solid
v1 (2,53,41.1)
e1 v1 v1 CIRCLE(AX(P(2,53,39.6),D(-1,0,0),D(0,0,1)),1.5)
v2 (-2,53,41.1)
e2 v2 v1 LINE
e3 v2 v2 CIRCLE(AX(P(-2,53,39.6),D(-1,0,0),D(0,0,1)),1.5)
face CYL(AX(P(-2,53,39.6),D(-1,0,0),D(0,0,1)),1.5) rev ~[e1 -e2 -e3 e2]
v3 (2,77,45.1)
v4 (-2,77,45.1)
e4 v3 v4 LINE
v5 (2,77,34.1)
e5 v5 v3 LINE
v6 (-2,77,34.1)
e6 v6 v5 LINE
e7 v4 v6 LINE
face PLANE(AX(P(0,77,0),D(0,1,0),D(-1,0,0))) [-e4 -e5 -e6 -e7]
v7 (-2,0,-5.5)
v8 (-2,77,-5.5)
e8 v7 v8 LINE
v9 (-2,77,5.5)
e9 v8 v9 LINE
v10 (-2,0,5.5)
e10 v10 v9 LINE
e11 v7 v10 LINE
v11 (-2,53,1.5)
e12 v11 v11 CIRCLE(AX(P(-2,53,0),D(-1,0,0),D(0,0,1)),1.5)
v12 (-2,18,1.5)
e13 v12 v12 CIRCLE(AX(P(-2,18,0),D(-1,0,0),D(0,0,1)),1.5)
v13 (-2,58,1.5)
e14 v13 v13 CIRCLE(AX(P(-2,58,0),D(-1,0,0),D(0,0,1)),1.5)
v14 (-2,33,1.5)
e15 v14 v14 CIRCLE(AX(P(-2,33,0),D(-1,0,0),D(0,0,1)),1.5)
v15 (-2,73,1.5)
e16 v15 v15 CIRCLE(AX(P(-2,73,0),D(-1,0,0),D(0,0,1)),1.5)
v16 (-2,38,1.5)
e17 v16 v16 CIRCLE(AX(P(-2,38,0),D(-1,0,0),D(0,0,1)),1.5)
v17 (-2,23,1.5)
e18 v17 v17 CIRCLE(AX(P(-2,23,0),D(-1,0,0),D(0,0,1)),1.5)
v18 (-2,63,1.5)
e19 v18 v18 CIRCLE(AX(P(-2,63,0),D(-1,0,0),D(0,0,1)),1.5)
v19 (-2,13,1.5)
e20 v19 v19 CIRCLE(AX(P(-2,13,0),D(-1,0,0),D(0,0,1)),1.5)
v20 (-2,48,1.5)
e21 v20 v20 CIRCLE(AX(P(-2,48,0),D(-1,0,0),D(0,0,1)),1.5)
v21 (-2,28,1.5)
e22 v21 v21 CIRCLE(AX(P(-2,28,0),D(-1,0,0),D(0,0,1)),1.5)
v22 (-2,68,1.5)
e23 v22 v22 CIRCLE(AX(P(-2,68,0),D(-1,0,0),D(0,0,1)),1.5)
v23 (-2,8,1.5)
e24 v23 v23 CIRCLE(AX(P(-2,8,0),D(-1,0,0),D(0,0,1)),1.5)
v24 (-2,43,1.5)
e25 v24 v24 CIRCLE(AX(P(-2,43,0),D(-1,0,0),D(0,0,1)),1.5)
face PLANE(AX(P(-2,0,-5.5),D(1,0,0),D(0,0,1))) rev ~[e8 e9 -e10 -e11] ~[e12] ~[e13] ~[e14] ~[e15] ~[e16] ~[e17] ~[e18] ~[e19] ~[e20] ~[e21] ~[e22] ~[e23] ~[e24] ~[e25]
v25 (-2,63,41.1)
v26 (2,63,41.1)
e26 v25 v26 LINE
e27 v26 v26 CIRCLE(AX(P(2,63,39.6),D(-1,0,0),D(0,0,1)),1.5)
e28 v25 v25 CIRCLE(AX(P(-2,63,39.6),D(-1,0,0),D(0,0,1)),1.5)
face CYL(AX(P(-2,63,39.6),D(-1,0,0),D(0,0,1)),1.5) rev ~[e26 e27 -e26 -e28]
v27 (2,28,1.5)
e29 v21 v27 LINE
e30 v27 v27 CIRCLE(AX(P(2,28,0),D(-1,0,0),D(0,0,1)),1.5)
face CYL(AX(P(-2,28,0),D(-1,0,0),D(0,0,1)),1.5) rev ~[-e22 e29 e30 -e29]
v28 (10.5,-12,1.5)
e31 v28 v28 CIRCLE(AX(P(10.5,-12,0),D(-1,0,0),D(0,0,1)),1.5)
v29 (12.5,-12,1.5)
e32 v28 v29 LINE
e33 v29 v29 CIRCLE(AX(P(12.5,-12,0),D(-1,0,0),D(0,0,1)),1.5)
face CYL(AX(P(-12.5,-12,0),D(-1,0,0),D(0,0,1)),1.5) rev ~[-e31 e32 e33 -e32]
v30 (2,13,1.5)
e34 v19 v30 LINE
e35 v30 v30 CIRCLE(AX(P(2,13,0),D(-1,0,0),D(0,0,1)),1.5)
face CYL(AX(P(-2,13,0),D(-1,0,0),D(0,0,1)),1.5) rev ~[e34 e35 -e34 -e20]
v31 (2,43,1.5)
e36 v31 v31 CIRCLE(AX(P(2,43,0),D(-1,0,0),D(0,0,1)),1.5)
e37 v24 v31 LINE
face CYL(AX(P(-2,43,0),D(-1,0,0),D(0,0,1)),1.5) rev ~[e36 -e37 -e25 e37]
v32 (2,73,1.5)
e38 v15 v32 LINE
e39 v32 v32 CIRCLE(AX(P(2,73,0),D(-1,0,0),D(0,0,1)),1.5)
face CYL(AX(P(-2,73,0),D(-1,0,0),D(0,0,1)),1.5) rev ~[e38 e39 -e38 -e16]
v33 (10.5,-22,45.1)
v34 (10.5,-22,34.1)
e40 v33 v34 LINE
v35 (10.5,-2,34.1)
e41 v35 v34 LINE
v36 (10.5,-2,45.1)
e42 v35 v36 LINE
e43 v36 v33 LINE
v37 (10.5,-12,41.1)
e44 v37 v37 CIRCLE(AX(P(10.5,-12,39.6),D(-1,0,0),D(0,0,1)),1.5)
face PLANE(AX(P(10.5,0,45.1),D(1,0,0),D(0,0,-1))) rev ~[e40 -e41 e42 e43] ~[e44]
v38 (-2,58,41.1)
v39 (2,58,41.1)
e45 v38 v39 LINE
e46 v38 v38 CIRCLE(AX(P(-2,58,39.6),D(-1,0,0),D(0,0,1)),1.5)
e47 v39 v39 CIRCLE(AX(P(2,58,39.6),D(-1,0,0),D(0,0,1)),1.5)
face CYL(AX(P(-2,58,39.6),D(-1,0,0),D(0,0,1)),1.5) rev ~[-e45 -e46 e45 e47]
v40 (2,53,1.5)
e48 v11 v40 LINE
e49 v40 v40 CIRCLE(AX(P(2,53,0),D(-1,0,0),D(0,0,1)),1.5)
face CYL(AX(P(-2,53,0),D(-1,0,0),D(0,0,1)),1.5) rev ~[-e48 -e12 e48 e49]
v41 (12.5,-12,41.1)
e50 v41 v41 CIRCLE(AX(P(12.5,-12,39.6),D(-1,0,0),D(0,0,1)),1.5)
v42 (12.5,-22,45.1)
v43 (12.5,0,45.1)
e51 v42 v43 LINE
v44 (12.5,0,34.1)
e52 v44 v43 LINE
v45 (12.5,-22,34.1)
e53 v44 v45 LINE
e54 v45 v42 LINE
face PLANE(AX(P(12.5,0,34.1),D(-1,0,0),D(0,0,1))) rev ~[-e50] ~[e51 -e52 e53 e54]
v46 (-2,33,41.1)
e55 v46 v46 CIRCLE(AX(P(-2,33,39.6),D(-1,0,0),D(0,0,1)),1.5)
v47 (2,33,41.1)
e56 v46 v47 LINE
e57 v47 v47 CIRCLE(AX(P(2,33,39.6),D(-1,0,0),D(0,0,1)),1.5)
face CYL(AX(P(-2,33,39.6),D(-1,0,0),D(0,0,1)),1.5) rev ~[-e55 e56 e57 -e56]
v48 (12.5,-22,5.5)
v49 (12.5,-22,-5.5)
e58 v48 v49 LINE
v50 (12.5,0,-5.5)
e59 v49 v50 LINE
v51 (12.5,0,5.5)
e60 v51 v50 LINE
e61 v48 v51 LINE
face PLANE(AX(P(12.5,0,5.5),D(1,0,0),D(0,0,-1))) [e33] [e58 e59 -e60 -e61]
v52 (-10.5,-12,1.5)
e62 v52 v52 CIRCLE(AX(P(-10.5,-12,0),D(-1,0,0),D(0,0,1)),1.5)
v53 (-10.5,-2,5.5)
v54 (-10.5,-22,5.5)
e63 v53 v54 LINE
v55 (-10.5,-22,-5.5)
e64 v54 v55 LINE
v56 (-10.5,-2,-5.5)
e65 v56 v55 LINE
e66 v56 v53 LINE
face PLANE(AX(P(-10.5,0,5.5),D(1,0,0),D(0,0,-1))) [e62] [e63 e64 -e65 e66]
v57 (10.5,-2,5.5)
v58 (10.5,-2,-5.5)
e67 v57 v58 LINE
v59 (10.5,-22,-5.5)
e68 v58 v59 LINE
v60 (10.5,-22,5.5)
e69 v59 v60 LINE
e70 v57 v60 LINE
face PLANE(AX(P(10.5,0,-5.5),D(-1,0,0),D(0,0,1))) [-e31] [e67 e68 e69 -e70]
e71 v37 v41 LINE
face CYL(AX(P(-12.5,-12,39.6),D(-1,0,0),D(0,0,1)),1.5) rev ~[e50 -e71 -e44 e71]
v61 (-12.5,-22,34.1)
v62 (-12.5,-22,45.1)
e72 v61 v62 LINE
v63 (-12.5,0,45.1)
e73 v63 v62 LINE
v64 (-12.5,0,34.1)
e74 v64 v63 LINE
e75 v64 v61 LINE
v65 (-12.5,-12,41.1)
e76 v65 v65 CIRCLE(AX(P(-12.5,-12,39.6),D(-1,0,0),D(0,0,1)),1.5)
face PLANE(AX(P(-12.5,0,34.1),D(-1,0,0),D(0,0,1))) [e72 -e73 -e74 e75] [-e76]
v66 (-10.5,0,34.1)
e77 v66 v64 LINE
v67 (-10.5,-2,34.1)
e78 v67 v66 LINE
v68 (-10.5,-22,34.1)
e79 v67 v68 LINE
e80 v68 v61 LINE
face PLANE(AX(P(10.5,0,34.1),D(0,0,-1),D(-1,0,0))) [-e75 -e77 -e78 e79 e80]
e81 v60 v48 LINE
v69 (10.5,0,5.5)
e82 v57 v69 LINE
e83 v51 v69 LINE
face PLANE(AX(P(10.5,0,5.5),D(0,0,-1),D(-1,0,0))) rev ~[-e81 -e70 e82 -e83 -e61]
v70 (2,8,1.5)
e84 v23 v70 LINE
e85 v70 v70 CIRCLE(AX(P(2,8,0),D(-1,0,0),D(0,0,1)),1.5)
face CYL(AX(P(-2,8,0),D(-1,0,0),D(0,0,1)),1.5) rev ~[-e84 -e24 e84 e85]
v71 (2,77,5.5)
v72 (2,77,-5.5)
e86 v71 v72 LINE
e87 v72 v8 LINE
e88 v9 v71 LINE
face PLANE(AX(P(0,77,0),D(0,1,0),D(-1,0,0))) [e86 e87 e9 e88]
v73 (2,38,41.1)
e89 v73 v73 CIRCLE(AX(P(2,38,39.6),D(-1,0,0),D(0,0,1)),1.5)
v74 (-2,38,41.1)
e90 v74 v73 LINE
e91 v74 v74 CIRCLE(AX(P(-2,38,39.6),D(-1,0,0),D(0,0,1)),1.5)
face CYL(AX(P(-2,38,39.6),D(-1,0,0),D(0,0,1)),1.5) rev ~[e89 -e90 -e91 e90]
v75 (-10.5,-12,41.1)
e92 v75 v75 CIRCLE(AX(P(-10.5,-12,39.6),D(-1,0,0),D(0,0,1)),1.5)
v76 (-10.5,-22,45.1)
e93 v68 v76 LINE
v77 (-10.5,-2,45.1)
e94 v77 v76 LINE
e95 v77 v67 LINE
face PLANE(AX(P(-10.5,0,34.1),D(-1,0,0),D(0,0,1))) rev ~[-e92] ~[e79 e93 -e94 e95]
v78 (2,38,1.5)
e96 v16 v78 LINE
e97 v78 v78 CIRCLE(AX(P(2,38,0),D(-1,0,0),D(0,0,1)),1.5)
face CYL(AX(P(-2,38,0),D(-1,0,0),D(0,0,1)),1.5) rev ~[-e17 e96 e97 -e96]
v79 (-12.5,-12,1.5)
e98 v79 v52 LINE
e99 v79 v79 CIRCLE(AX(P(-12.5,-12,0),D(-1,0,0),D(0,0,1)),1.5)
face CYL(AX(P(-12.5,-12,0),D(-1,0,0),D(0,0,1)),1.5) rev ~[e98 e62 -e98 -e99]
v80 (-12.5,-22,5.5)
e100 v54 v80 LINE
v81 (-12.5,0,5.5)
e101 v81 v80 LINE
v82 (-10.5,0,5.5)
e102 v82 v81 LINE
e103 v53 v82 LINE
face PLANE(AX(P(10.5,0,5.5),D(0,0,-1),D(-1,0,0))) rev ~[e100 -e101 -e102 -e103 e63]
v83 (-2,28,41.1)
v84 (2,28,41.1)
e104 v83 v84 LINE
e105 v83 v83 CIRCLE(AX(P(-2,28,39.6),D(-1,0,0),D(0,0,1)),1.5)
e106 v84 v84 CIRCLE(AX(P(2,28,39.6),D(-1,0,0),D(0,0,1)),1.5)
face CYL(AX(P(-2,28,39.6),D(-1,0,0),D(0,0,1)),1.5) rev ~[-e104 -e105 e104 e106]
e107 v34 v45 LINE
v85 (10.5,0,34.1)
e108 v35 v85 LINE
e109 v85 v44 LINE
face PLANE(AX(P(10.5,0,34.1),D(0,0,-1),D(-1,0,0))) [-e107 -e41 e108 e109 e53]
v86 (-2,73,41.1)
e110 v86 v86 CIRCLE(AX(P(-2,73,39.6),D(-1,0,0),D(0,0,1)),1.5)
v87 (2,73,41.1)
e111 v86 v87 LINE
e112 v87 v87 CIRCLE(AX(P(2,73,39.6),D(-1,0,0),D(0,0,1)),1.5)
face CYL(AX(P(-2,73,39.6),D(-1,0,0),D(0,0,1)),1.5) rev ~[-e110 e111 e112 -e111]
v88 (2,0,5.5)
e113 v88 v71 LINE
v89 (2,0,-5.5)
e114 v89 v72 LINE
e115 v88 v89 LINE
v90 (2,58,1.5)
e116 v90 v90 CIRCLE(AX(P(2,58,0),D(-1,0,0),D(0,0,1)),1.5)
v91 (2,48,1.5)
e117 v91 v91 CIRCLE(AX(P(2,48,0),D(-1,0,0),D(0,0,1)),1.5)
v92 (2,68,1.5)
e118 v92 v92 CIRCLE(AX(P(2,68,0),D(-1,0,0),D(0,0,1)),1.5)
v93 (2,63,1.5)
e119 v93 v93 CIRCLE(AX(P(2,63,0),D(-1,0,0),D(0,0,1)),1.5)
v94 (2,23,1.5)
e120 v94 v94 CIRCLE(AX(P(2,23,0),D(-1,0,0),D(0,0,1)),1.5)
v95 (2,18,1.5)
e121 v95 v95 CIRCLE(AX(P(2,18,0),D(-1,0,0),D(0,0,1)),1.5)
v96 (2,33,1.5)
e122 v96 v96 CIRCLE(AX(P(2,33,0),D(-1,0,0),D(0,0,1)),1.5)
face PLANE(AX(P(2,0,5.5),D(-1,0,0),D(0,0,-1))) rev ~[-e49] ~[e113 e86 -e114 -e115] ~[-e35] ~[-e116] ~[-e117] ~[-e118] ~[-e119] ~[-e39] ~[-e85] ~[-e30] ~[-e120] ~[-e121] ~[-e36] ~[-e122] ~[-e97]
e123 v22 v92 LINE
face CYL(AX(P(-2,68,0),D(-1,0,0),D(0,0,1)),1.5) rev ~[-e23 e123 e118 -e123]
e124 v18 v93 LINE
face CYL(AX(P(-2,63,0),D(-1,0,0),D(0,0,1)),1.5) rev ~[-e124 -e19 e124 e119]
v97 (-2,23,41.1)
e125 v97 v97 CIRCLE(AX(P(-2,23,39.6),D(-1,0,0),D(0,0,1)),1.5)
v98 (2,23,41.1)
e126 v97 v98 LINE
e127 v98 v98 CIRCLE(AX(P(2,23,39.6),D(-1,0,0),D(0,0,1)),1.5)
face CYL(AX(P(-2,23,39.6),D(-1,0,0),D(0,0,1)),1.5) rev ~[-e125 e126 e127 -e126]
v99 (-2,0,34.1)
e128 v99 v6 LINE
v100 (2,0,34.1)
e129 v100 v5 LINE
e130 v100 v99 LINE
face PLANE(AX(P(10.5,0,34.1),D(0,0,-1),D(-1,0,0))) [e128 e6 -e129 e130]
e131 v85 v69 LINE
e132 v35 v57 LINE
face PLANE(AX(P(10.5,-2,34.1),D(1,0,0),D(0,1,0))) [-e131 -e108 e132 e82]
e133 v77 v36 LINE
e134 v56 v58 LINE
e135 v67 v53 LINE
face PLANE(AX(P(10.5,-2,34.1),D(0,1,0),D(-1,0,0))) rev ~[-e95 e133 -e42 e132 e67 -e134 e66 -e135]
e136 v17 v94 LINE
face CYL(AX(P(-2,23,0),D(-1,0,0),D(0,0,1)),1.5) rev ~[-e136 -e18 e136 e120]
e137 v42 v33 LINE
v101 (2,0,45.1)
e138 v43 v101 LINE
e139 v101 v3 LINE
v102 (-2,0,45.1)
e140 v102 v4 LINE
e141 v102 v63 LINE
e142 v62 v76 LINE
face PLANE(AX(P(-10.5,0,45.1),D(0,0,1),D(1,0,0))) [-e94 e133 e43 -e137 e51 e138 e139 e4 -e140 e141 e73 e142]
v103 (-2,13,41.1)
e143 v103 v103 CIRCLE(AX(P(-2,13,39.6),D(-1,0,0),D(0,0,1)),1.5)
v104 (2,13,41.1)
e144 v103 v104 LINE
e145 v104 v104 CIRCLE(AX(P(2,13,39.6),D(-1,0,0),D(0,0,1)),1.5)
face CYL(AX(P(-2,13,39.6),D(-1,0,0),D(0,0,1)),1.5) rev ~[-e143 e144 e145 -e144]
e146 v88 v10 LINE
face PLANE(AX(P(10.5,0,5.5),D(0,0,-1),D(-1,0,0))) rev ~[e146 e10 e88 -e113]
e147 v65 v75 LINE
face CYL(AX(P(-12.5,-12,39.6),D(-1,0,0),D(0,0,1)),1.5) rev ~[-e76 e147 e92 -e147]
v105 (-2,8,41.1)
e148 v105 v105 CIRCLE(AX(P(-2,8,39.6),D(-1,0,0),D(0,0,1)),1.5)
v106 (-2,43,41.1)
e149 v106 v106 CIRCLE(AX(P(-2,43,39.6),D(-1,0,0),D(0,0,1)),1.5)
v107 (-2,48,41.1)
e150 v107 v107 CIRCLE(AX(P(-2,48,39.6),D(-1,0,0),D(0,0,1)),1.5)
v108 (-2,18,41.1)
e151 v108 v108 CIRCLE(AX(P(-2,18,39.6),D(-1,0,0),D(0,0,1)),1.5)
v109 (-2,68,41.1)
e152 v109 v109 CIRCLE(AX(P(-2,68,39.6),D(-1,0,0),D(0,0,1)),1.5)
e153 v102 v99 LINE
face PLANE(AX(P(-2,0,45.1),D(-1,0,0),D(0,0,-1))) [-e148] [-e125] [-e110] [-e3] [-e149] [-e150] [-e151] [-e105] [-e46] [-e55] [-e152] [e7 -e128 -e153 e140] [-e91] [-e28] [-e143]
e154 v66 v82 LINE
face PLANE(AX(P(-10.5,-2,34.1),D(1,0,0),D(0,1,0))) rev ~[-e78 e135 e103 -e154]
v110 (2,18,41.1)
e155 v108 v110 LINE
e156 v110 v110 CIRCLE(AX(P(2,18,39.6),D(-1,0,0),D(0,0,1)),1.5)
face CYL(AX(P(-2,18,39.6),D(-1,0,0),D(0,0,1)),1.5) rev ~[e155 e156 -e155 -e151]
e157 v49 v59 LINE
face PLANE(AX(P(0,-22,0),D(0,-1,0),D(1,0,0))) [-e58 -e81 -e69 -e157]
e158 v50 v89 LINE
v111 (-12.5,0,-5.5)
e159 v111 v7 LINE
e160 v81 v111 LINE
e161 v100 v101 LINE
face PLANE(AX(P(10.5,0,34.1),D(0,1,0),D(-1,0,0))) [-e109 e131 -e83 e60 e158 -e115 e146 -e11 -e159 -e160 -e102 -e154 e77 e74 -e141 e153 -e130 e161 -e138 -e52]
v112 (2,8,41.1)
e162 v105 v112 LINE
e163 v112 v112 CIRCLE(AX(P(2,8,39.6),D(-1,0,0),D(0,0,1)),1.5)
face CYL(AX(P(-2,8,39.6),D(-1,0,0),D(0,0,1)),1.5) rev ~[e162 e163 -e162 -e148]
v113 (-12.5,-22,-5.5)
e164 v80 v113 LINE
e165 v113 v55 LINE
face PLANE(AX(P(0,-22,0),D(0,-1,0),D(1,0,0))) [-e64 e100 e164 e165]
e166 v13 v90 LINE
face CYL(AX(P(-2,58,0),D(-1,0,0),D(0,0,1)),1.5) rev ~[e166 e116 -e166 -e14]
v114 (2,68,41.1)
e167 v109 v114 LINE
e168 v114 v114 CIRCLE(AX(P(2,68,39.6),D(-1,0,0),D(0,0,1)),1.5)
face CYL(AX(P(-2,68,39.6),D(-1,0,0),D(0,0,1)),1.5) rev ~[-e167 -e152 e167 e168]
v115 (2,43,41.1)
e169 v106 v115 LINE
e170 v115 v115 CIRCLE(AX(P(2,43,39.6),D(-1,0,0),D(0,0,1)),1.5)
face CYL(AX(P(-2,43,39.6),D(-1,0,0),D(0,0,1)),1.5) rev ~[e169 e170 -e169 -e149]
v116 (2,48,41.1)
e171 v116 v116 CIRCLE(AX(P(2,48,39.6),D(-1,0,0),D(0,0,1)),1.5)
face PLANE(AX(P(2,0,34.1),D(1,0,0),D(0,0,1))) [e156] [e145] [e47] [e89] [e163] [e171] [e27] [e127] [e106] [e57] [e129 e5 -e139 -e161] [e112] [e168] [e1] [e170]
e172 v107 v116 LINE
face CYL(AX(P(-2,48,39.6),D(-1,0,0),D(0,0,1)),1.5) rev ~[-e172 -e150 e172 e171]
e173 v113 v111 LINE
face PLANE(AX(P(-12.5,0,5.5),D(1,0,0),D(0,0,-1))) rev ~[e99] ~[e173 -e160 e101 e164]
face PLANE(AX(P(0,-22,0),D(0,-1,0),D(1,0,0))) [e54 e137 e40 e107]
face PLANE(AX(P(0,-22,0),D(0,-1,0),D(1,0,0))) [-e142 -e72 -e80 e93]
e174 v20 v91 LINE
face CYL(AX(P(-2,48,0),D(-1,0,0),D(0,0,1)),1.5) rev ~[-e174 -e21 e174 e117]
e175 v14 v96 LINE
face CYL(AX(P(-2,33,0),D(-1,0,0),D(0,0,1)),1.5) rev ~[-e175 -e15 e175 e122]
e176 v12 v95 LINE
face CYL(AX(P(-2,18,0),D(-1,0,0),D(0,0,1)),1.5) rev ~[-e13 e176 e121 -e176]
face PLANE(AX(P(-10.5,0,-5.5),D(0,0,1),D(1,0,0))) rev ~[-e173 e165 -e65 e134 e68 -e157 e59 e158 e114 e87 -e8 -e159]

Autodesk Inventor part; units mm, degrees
ref_plane "YZ Plane" through (0, 0, 0) normal (1, 0, 0) x (0, 1, 0)
ref_plane "XZ Plane" through (0, 0, 0) normal (0, 1, 0) x (-1, 0, 0)
ref_plane "XY Plane" through (0, 0, 0) normal (0, 0, 1) x (1, 0, 0)
sketch "스케치4" plane through (0, 0, 0) normal (0, 1, 0) x (-1, 0, 0)
  line L0 (-2, 5.5) -> (-2, -5.5)
  line L1 (-2, -5.5) -> (2, -5.5)
  line L2 (2, -5.5) -> (2, 5.5)
  line L3 (2, 5.5) -> (-2, 5.5)
  line L4 (-2, 5.5) -> (2, -5.5) construction
  line L5 (-2, -5.5) -> (2, 5.5) construction
  line L6 (15.7602, 19.8) -> (-23.0581, 19.8) construction
  line L7 (-2, 34.1) -> (-2, 45.1)
  line L8 (-2, 45.1) -> (2, 45.1)
  line L9 (2, 45.1) -> (2, 34.1)
  line L10 (2, 34.1) -> (-2, 34.1)
  line L11 (-2, 34.1) -> (2, 45.1) construction
  line L12 (-2, 45.1) -> (2, 34.1) construction
  point P0 (0, 0)
  point P1 (0, 0)
  point P2 (0, 39.6)
  point P3 (0, 39.6)
  dimension "d12" = 11
  dimension "d13" = 4
  dimension "d42" = 19.8
extrude "돌출3" add sketch "스케치4" along normal blind 77
sketch "스케치5" plane through (0, 0, 0) normal (0, -1, 0) x (1, 0, 0)
  line L0 (-10.5, -5.5) -> (10.5, -5.5)
  line L1 (10.5, -5.5) -> (10.5, 5.5)
  line L2 (10.5, 5.5) -> (-10.5, 5.5)
  line L3 (-10.5, 5.5) -> (-10.5, -5.5)
  line L4 (-10.5, -5.5) -> (10.5, 5.5) construction
  line L5 (10.5, -5.5) -> (-10.5, 5.5) construction
  line L6 (0, 5.5) -> (0, -5.5) construction
  line L7 (10.5, 5.5) -> (12.5, 5.5)
  line L8 (12.5, 5.5) -> (12.5, -5.5)
  line L9 (12.5, -5.5) -> (10.5, -5.5)
  line L10 (-10.5, 5.5) -> (-12.5, 5.5)
  line L11 (-12.5, 5.5) -> (-12.5, -5.5)
  line L12 (-12.5, -5.5) -> (-10.5, -5.5)
  line L13 (-22.4262, 19.8) -> (40.7349, 19.8) construction
  line L14 (-10.5, 45.1) -> (10.5, 45.1)
  line L15 (10.5, 45.1) -> (10.5, 34.1)
  line L16 (10.5, 34.1) -> (-10.5, 34.1)
  line L17 (-10.5, 34.1) -> (-10.5, 45.1)
  line L18 (-10.5, 45.1) -> (10.5, 34.1) construction
  line L19 (10.5, 45.1) -> (-10.5, 34.1) construction
  line L20 (0, 34.1) -> (0, 45.1) construction
  line L21 (10.5, 34.1) -> (12.5, 34.1)
  line L22 (12.5, 34.1) -> (12.5, 45.1)
  line L23 (12.5, 45.1) -> (10.5, 45.1)
  line L24 (-10.5, 34.1) -> (-12.5, 34.1)
  line L25 (-12.5, 34.1) -> (-12.5, 45.1)
  line L26 (-12.5, 45.1) -> (-10.5, 45.1)
  point P0 (0, 0)
  point P1 (0, 0)
  point P2 (0, 39.6)
  point P3 (0, 39.6)
  dimension "d16" = 21
  dimension "d17" = 11
  dimension "d18" = 2
  dimension "d43" = 19.8
extrude "돌출4" add sketch "스케치5" along normal blind 2
extrude "돌출5" add sketch "스케치5" along normal blind 22 contours L12 L11 L10 L3 | L1 L7 L8 L9 | L17 L24 L25 L26 | L23 L22 L21 L15
sketch "스케치6" plane through (-12.5, 0, -5.5) normal (-1, 0, 0) x (0, 0, 1)
  line L0 (11, 0) -> (0, 0) projected
  line L1 (0, 0) -> (0, -22) projected
  line L2 (11, -22) -> (0, -22) projected
  line L3 (11, 0) -> (11, -22) projected
  circle A0 centre (5.5, -12) radius 1.5
  line L4 (25.3, -63.5481) -> (25.3, 115.0897)
  line L5 (11, 0) -> (11, 77) projected
  line L6 (39.6, -22) -> (50.6, -22)
  circle A1 centre (45.1, -12) radius 1.5
  point P0 (5.5, 0)
  point P1 (25.3, 25.7708)
  dimension "d23" = 3
  dimension "d24" = 10
  dimension "d44" = 14.3
extrude "돌출6" cut sketch "스케치6" against normal through all contours A0 | A1
sketch "스케치7" plane through (-2, 77, -5.5) normal (-1, 0, 0) x (0, 0, 1)
  line L0 (0, -77) -> (11, -77) projected
  line L1 (11, -77) -> (11, 0) projected
  line L2 (0, 0) -> (11, 0) projected
  line L3 (0, -77) -> (0, 0) projected
  line L4 (0, -73) -> (11, -73) construction
  line L5 (0, -4) -> (11, -4) construction
  line L6 (0, -69) -> (11, -69) construction
  circle A0 centre (5.5, -4) radius 1.5
  circle A1 centre (5.5, -69) radius 1.5
  line L7 (5.5, -69) -> (5.5, -4) construction
  circle A2 centre (5.5, -64) radius 1.5
  circle A3 centre (5.5, -59) radius 1.5
  circle A4 centre (5.5, -54) radius 1.5
  circle A5 centre (5.5, -49) radius 1.5
  circle A6 centre (5.5, -44) radius 1.5
  circle A7 centre (5.5, -39) radius 1.5
  circle A8 centre (5.5, -34) radius 1.5
  circle A9 centre (5.5, -29) radius 1.5
  circle A10 centre (5.5, -24) radius 1.5
  circle A11 centre (5.5, -19) radius 1.5
  circle A12 centre (5.5, -14) radius 1.5
  circle A13 centre (5.5, -9) radius 1.5
  line L8 (25.3, -134.2838) -> (25.3, 22.0863) construction
  line L9 (50.6, -77) -> (39.6, -77)
  line L10 (39.6, -77) -> (39.6, 0)
  line L11 (50.6, 0) -> (39.6, 0)
  line L12 (50.6, -77) -> (50.6, 0)
  line L13 (50.6, -73) -> (39.6, -73) construction
  line L14 (50.6, -4) -> (39.6, -4) construction
  line L15 (50.6, -69) -> (39.6, -69) construction
  circle A14 centre (45.1, -4) radius 1.5
  circle A15 centre (45.1, -69) radius 1.5
  line L16 (45.1, -69) -> (45.1, -4) construction
  circle A16 centre (45.1, -64) radius 1.5
  circle A17 centre (45.1, -59) radius 1.5
  circle A18 centre (45.1, -54) radius 1.5
  circle A19 centre (45.1, -49) radius 1.5
  circle A20 centre (45.1, -44) radius 1.5
  circle A21 centre (45.1, -39) radius 1.5
  circle A22 centre (45.1, -34) radius 1.5
  circle A23 centre (45.1, -29) radius 1.5
  circle A24 centre (45.1, -24) radius 1.5
  circle A25 centre (45.1, -19) radius 1.5
  circle A26 centre (45.1, -14) radius 1.5
  circle A27 centre (45.1, -9) radius 1.5
  point P0 (5.5, -77)
  point P1 (45.1, -77)
  dimension "d27" = 4
  dimension "d28" = 4
  dimension "d29" = 4
  dimension "d30" = 3
  dimension "d31" = 5.5
  dimension "d32" = 3
  dimension "d35" = 5
  dimension "d45" = 14.3
extrude "돌출7" cut sketch "스케치7" against normal through all contours A0 | A1 | A2 | A3 | A4 | A5 | A6 | A7 | A8 | A9 | A10 | A11 | A12 | A13 | A14 | A15 | A16 | A17 | A18 | A19 | A20 | A21 | A22 | A23 | A24 | A25 | A26 | A27
sketch "스케치9" plane through (2, 77, 34.1) normal (0, 0, -1) x (-1, 0, 0)
  line L0 (-8.5, -79) -> (-8.5, -77)
  line L1 (-10.5, -77) -> (0, -77) projected
  line L2 (-8.5, -79) -> (12.5, -79) projected
  line L3 (12.5, -79) -> (12.5, -77)
  line L4 (14.5, -77) -> (4, -77) projected
  line L5 (14.5, -77) -> (4, -77) projected
  line L6 (4, -77) -> (4, 0) projected
  line L7 (0, 0) -> (4, 0) projected
  line L8 (0, -77) -> (0, 0) projected
  line L9 (0, -77) -> (-10.5, -77) projected
  line L10 (-10.5, -77) -> (-10.5, -99) projected
  line L11 (-8.5, -99) -> (-10.5, -99) projected
  line L12 (-8.5, -79) -> (-8.5, -99) projected
  line L13 (12.5, -79) -> (-8.5, -79) projected
  line L14 (12.5, -79) -> (12.5, -99) projected
  line L15 (14.5, -99) -> (12.5, -99) projected
  line L16 (14.5, -77) -> (14.5, -99) projected
  line L17 (0, -77) -> (4, -77)
  point P0 (2, -77)
  point P1 (4, -77)
extrude "돌출8" add sketch "스케치9" along normal up to surface (28.6 mm away) contours L0 L1 L17 L4 L3 L2
properties part number "catcher_2ea"
